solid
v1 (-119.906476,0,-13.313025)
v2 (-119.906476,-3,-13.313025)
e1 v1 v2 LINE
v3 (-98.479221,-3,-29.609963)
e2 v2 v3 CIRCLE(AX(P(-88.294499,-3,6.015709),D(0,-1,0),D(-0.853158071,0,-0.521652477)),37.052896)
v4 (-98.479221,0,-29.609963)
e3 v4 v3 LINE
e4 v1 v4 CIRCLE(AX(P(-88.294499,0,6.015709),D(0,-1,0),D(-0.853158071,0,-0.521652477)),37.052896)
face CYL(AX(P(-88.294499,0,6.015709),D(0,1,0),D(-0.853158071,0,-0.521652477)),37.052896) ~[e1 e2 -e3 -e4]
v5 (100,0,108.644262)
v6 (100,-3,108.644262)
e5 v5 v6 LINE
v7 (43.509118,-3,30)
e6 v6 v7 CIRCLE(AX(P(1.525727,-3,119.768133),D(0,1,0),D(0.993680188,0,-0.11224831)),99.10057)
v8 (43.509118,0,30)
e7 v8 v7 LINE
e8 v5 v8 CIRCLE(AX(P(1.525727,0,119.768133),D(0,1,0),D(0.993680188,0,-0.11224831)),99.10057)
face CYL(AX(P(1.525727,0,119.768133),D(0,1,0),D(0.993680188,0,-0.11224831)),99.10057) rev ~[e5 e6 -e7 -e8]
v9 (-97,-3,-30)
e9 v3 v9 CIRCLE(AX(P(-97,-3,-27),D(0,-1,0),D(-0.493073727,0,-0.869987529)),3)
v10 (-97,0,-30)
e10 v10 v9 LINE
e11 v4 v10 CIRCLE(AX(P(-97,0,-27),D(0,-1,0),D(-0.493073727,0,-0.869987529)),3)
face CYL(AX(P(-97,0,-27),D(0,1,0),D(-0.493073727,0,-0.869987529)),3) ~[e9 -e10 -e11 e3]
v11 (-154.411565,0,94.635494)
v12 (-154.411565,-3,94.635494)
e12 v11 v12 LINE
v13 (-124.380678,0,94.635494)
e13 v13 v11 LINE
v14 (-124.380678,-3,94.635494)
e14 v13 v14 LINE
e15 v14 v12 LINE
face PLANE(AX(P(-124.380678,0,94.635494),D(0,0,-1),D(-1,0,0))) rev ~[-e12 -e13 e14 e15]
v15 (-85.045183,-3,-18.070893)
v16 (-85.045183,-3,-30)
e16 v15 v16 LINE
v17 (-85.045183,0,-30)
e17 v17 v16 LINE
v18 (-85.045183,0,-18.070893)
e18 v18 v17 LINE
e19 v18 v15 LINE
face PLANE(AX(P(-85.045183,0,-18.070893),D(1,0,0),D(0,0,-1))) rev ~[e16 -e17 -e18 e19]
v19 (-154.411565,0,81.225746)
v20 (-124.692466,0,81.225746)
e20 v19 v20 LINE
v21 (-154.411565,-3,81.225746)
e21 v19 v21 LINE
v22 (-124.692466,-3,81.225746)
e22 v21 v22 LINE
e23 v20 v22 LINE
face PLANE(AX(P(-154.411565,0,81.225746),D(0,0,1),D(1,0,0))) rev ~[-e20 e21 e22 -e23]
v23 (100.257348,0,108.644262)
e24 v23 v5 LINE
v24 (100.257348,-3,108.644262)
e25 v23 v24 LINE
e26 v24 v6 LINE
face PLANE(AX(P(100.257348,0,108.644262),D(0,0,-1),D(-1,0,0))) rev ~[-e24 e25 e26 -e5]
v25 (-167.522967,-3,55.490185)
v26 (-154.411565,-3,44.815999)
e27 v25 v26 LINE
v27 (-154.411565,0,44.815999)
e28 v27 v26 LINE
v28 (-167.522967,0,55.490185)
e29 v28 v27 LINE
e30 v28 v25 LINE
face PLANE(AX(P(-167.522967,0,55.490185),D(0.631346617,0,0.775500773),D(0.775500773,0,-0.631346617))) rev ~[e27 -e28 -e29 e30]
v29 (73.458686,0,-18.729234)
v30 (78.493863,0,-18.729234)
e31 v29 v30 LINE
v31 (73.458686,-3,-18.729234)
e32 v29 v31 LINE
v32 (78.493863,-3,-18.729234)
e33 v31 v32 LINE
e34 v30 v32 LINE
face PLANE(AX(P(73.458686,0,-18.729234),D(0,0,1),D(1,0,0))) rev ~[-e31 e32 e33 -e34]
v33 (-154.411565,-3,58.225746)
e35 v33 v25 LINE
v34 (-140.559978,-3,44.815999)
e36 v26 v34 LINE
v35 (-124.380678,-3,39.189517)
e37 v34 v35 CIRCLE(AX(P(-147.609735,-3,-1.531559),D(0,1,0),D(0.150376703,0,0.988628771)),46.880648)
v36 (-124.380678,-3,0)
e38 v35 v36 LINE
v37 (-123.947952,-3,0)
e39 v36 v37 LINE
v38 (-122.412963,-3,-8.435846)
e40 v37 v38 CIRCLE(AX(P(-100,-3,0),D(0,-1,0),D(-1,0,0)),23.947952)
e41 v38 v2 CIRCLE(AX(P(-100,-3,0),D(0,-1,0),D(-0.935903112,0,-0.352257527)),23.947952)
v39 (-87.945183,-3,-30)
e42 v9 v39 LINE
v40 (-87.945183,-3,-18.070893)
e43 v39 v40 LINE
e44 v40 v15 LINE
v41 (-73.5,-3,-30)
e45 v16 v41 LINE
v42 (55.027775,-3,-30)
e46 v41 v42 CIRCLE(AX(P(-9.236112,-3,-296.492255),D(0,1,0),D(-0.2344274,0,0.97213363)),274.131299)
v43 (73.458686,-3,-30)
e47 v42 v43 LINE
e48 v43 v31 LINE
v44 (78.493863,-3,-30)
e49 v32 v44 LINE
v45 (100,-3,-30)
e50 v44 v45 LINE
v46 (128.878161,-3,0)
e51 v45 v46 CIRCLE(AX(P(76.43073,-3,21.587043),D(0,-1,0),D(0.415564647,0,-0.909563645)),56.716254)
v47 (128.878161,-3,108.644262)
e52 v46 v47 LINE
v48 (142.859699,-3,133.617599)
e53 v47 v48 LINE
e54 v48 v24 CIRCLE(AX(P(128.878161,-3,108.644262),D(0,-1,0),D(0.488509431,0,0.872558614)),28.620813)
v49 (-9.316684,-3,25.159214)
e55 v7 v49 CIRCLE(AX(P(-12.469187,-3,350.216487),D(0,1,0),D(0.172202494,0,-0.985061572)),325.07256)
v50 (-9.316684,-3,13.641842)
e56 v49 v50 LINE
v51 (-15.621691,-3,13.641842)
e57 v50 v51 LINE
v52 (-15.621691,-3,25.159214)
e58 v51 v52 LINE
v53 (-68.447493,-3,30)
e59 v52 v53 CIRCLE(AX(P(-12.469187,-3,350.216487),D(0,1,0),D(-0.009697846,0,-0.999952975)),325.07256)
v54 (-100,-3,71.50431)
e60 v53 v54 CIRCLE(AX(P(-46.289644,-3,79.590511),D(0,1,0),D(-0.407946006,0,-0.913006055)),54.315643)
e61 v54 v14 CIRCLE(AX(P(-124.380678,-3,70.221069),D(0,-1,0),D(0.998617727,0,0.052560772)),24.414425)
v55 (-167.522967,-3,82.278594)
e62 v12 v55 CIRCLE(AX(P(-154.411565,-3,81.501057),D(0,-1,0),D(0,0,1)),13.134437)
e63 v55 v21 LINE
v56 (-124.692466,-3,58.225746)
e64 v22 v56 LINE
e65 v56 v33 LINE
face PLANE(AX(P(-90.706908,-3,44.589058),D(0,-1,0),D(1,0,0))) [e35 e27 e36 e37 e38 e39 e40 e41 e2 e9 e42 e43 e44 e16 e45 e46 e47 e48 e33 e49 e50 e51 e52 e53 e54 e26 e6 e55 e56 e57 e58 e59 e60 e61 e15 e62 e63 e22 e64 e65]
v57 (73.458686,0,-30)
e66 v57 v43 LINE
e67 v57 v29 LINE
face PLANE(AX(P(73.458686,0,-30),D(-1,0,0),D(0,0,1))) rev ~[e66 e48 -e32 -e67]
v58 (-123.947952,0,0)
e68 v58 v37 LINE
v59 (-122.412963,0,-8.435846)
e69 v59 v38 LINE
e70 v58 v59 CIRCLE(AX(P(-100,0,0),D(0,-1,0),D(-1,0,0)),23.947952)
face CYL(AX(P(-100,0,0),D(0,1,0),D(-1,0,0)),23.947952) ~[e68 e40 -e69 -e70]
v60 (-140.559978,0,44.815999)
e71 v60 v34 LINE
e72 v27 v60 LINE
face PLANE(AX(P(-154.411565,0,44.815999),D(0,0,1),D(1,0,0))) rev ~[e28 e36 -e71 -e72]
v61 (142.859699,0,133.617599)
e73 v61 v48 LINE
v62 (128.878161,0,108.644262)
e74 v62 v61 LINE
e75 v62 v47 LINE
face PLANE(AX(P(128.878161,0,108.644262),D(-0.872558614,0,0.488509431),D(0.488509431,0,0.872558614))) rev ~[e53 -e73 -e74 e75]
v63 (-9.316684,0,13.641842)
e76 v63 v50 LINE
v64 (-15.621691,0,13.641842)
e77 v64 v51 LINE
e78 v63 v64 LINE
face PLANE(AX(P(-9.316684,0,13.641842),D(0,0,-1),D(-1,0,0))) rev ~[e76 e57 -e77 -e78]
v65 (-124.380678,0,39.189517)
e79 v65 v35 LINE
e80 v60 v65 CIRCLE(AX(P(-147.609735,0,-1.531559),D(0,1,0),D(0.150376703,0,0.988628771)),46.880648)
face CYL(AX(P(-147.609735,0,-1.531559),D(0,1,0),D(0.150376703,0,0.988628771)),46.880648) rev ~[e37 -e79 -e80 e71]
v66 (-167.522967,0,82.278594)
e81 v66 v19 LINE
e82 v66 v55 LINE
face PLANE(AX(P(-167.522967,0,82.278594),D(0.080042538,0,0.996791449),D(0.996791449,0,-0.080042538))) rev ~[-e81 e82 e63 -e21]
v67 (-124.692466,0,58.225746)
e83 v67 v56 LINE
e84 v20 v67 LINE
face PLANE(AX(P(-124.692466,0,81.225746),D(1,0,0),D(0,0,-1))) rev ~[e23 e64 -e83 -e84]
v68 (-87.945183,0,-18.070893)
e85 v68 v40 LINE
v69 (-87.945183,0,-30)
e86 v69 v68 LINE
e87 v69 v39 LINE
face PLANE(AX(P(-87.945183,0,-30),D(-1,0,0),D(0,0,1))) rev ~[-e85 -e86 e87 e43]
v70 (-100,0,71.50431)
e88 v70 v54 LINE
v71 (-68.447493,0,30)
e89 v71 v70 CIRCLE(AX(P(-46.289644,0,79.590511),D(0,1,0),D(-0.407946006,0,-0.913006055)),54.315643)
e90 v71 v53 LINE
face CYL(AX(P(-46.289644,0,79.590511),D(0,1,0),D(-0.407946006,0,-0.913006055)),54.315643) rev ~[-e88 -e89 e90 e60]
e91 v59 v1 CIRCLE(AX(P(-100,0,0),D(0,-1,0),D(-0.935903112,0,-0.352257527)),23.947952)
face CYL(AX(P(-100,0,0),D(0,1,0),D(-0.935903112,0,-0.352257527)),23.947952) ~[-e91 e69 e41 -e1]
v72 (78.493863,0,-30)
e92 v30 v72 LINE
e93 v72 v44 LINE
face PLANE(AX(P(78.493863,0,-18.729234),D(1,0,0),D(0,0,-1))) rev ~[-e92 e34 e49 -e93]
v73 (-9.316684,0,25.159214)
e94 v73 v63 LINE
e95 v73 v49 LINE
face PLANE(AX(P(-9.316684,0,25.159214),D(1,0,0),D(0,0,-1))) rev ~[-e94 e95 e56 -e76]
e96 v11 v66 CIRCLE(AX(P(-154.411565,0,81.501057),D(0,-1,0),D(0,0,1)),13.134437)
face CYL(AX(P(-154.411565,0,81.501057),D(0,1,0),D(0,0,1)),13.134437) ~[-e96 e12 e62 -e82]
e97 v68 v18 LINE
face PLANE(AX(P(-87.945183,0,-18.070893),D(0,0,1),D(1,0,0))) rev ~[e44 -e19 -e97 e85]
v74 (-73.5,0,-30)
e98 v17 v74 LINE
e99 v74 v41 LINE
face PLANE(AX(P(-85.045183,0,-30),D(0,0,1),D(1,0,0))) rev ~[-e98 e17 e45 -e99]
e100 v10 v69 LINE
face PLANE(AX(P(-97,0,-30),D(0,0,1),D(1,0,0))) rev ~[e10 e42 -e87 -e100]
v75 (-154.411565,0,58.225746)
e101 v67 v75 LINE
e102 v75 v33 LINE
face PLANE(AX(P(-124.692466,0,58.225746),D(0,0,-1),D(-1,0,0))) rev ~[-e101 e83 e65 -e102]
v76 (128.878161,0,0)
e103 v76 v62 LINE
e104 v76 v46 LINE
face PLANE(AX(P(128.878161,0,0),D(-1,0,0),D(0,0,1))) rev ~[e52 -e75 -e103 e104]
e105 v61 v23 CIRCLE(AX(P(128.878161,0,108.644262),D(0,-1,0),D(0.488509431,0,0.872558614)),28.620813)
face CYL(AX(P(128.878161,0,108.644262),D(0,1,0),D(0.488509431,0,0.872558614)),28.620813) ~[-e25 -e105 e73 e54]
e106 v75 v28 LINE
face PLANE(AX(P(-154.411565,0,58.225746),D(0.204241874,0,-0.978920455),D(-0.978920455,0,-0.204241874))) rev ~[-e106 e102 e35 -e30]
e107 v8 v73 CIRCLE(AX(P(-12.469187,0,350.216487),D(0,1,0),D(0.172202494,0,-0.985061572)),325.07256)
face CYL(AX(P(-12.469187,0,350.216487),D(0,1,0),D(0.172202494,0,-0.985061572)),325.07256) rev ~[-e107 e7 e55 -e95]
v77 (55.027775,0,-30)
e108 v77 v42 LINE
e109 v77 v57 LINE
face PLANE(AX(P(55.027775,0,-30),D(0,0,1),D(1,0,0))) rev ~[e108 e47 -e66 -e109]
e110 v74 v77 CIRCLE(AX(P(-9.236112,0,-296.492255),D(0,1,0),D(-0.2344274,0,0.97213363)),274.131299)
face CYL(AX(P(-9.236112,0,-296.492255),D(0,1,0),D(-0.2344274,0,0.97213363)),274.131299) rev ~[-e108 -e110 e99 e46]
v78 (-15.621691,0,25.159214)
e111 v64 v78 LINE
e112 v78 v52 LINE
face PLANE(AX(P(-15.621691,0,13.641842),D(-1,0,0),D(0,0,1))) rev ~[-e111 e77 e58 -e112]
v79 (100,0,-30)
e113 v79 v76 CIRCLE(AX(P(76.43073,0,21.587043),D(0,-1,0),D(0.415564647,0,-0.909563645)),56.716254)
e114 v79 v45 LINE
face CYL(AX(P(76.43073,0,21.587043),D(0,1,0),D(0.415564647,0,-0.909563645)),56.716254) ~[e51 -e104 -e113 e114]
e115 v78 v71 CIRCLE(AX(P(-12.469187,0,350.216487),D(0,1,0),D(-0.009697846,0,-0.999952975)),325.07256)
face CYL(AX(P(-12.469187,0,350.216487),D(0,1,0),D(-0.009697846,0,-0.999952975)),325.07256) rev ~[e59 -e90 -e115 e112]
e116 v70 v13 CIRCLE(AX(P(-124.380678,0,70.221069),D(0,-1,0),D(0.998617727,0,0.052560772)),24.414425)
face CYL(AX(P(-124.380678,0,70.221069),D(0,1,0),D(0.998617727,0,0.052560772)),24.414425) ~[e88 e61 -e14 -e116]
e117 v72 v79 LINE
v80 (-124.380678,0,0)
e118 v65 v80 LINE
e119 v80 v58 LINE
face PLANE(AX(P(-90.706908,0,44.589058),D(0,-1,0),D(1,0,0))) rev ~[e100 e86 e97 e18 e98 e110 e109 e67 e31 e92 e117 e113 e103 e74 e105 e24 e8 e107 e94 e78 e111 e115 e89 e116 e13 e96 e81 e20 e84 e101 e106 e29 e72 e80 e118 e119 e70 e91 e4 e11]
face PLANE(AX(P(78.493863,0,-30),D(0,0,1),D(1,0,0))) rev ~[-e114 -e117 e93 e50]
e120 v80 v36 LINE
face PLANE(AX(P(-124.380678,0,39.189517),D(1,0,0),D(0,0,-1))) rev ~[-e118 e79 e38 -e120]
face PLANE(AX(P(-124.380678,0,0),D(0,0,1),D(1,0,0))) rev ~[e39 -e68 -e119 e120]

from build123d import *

# Parameters (mm, degrees)
F1_DEPTH = 3


with BuildPart() as f1:
    # F0 (on Front) → F1 (new body)
    with BuildSketch(Plane.XZ):
        with BuildLine():
            Line((-100, 71.5043097734), (-100, 30))
            Line((-100, 30), (-68.4474930168, 30))
            ThreePointArc((-68.4474930168, 30), (-89.5290711605, 46.7189281194), (-100, 71.5043097734))
        make_face()
        with BuildLine():
            Line((-68.4474930168, 30), (-100, 30))
            Line((-100, 30), (-100, 23.9479522939))
            ThreePointArc((-100, 23.9479522939), (-77.4009003412, 7.9237058049), (-85.0451834083, -18.7044882255))
            Line((-85.0451834083, -18.7044882255), (-85.0451834083, -30))
            Line((-85.0451834083, -30), (-73.4999999404, -30))
            ThreePointArc((-73.4999999404, -30), (-9.236112237, -22.3609557327), (55.0277754664, -30))
            Line((55.0277754664, -30), (73.458686471, -30))
            Line((73.458686471, -30), (73.458686471, -18.7292341143))
            Line((73.458686471, -18.7292341143), (78.4938633442, -18.7292341143))
            Line((78.4938633442, -18.7292341143), (78.4938633442, -30))
            Line((78.4938633442, -30), (100, -30))
            Line((100, -30), (100, 0))
            Line((100, 0), (100, 30))
            Line((100, 30), (43.509118259, 30))
            ThreePointArc((43.509118259, 30), (17.1951254295, 26.500256647), (-9.3166837469, 25.1592136325))
            Line((-9.3166837469, 25.1592136325), (-9.3166837469, 13.6418417096))
            Line((-9.3166837469, 13.6418417096), (-15.6216910109, 13.6418417096))
            Line((-15.6216910109, 13.6418417096), (-15.6216910109, 25.1592136325))
            ThreePointArc((-15.6216910109, 25.1592136325), (-42.1335001872, 26.500256647), (-68.4474930168, 30))
        make_face()
        with BuildLine():
            Line((-100, 23.9479522939), (-100, 30))
            Line((-100, 30), (-100, 71.5043097734))
            Line((-100, 71.5043097734), (-124.3806779385, 71.5043097734))
            Line((-124.3806779385, 71.5043097734), (-124.3806779385, 44.8159986225))
            Line((-124.3806779385, 44.8159986225), (-124.3806779385, 39.189517498))
            Line((-124.3806779385, 39.189517498), (-124.3806779385, 0))
            Line((-124.3806779385, 0), (-123.9479522939, 0))
            ThreePointArc((-123.9479522939, 0), (-116.9337594626, 16.9337594626), (-100, 23.9479522939))
        make_face()
        with BuildLine():
            ThreePointArc((-85.0451834083, -18.7044882255), (-77.4009003412, 7.9237058049), (-100, 23.9479522939))
            Line((-100, 23.9479522939), (-100, 0))
            Line((-100, 0), (-100, -23.9479522939))
            ThreePointArc((-100, -23.9479522939), (-93.7566918243, -23.119808003), (-87.9451834083, -20.6926512562))
            Line((-87.9451834083, -20.6926512562), (-87.9451834083, -18.0708928406))
            Line((-87.9451834083, -18.0708928406), (-85.0451834083, -18.0708928406))
            Line((-85.0451834083, -18.0708928406), (-85.0451834083, -18.7044882255))
        make_face()
        with BuildLine():
            Line((-100, 0), (-100, 23.9479522939))
            ThreePointArc((-100, 23.9479522939), (-116.9337594626, 16.9337594626), (-123.9479522939, 0))
            Line((-123.9479522939, 0), (-100, 0))
        make_face()
        with BuildLine():
            Line((-124.3806779385, 71.5043097734), (-100, 71.5043097734))
            ThreePointArc((-100, 71.5043097734), (-107.5768900996, 87.9325587369), (-124.3806779385, 94.6354940534))
            Line((-124.3806779385, 94.6354940534), (-124.3806779385, 71.5043097734))
        make_face()
        with BuildLine():
            Line((-100, -23.9479522939), (-100, 0))
            Line((-100, 0), (-123.9479522939, 0))
            ThreePointArc((-123.9479522939, 0), (-123.561080085, -4.2871813932), (-122.4129630745, -8.4358464478))
            ThreePointArc((-122.4129630745, -8.4358464478), (-121.2500665042, -10.9208672377), (-119.9064756979, -13.3130253647))
            ThreePointArc((-119.9064756979, -13.3130253647), (-111.2846072761, -21.1225485606), (-100, -23.9479522939))
        make_face()
        Polygon((-124.3806779385, 44.8159986225), (-124.3806779385, 71.5043097734), (-124.3806779385, 94.6354940534), (-154.4115646049, 94.6354940534), (-154.4115646049, 81.2257463379), (-124.6924658106, 81.2257463379), (-124.6924658106, 58.2257463379), (-154.4115646049, 58.2257463379), (-154.4115646049, 44.8159986225), (-140.5599779571, 44.8159986225), align=None)
        with BuildLine():
            ThreePointArc((-87.9451834083, -20.6926512562), (-93.7566918243, -23.119808003), (-100, -23.9479522939))
            Line((-100, -23.9479522939), (-100, -27))
            ThreePointArc((-100, -27), (-99.5920709422, -28.5103536773), (-98.4792211797, -29.6099625862))
            ThreePointArc((-98.4792211797, -29.6099625862), (-97.7416237075, -29.812616064), (-97, -30))
            Line((-97, -30), (-87.9451834083, -30))
            Line((-87.9451834083, -30), (-87.9451834083, -20.6926512562))
        make_face()
        with BuildLine():
            Line((-100, -27), (-100, -23.9479522939))
            ThreePointArc((-100, -23.9479522939), (-111.2846072761, -21.1225485606), (-119.9064756979, -13.3130253647))
            ThreePointArc((-119.9064756979, -13.3130253647), (-110.7252490766, -23.4762982325), (-98.4792211797, -29.6099625862))
            ThreePointArc((-98.4792211797, -29.6099625862), (-99.5920709422, -28.5103536773), (-100, -27))
        make_face()
        with BuildLine():
            ThreePointArc((-119.9064756979, -13.3130253647), (-121.2500665042, -10.9208672377), (-122.4129630745, -8.4358464478))
            ThreePointArc((-122.4129630745, -8.4358464478), (-121.2997756573, -10.946413843), (-119.9064756979, -13.3130253647))
        make_face()
        with BuildLine():
            Line((-124.3806779385, 39.189517498), (-124.3806779385, 44.8159986225))
            Line((-124.3806779385, 44.8159986225), (-140.5599779571, 44.8159986225))
            ThreePointArc((-140.5599779571, 44.8159986225), (-132.2111646691, 42.7479983529), (-124.3806779385, 39.189517498))
        make_face()
        with BuildLine():
            Line((-154.4115646049, 81.2257463379), (-154.4115646049, 94.6354940534))
            ThreePointArc((-154.4115646049, 94.6354940534), (-163.4199195991, 91.0594551964), (-167.5229668617, 82.2785943747))
            Line((-167.5229668617, 82.2785943747), (-154.4115646049, 81.2257463379))
        make_face()
        with BuildLine():
            ThreePointArc((-97, -30), (-97.7416237075, -29.812616064), (-98.4792211797, -29.6099625862))
            ThreePointArc((-98.4792211797, -29.6099625862), (-97.7648896134, -29.9008522678), (-97, -30))
        make_face()
        Polygon((-167.5229668617, 55.4901845753), (-154.4115646049, 44.8159986225), (-154.4115646049, 58.2257463379), align=None)
        with BuildLine():
            ThreePointArc((100, 108.6442619568), (82.0137314179, 61.9528751155), (43.509118259, 30))
            Line((43.509118259, 30), (100, 30))
            Line((100, 30), (100, 108.6442619568))
        make_face()
        with BuildLine():
            ThreePointArc((100.2573479135, 108.64405), (100.1286740004, 108.6442089676), (100, 108.6442619568))
            Line((100, 108.6442619568), (100, 30))
            Line((100, 30), (100, 0))
            Line((100, 0), (128.8781613111, 0))
            Line((128.8781613111, 0), (128.8781613111, 80.0234485584))
            ThreePointArc((128.8781613111, 80.0234485584), (108.6402650122, 88.4062157818), (100.2573479135, 108.64405))
        make_face()
        with BuildLine():
            Line((100.2573479127, 108.6442619568), (100, 108.6442619568))
            ThreePointArc((100, 108.6442619568), (100.1286740004, 108.6442089676), (100.2573479135, 108.64405))
            ThreePointArc((100.2573479135, 108.64405), (100.2573479129, 108.6441559784), (100.2573479127, 108.6442619568))
        make_face()
        with BuildLine():
            ThreePointArc((142.8596985833, 133.6175992408), (114.4042539206, 133.3354944988), (100.2573479127, 108.6442619568))
            Line((100.2573479127, 108.6442619568), (128.8781613111, 108.6442619568))
            Line((128.8781613111, 108.6442619568), (142.8596985833, 133.6175992408))
        make_face()
        with BuildLine():
            Line((128.8781613111, 108.6442619568), (100.2573479127, 108.6442619568))
            ThreePointArc((100.2573479127, 108.6442619568), (100.2573479129, 108.6441559784), (100.2573479135, 108.64405))
            ThreePointArc((100.2573479135, 108.64405), (114.6298030847, 107.9577659942), (128.8781613111, 105.9520887429))
            Line((128.8781613111, 105.9520887429), (128.8781613111, 108.6442619568))
        make_face()
        with BuildLine():
            ThreePointArc((128.8781613111, 105.9520887429), (114.6298030847, 107.9577659942), (100.2573479135, 108.64405))
            ThreePointArc((100.2573479135, 108.64405), (108.6402650122, 88.4062157818), (128.8781613111, 80.0234485584))
            Line((128.8781613111, 80.0234485584), (128.8781613111, 105.9520887429))
        make_face()
        with BuildLine():
            Line((128.8781613111, 0), (100, 0))
            Line((100, 0), (100, -30))
            ThreePointArc((100, -30), (117.2918939431, -17.7461334103), (128.8781613111, 0))
        make_face()
    extrude(amount=F1_DEPTH)


solid = f1.part
